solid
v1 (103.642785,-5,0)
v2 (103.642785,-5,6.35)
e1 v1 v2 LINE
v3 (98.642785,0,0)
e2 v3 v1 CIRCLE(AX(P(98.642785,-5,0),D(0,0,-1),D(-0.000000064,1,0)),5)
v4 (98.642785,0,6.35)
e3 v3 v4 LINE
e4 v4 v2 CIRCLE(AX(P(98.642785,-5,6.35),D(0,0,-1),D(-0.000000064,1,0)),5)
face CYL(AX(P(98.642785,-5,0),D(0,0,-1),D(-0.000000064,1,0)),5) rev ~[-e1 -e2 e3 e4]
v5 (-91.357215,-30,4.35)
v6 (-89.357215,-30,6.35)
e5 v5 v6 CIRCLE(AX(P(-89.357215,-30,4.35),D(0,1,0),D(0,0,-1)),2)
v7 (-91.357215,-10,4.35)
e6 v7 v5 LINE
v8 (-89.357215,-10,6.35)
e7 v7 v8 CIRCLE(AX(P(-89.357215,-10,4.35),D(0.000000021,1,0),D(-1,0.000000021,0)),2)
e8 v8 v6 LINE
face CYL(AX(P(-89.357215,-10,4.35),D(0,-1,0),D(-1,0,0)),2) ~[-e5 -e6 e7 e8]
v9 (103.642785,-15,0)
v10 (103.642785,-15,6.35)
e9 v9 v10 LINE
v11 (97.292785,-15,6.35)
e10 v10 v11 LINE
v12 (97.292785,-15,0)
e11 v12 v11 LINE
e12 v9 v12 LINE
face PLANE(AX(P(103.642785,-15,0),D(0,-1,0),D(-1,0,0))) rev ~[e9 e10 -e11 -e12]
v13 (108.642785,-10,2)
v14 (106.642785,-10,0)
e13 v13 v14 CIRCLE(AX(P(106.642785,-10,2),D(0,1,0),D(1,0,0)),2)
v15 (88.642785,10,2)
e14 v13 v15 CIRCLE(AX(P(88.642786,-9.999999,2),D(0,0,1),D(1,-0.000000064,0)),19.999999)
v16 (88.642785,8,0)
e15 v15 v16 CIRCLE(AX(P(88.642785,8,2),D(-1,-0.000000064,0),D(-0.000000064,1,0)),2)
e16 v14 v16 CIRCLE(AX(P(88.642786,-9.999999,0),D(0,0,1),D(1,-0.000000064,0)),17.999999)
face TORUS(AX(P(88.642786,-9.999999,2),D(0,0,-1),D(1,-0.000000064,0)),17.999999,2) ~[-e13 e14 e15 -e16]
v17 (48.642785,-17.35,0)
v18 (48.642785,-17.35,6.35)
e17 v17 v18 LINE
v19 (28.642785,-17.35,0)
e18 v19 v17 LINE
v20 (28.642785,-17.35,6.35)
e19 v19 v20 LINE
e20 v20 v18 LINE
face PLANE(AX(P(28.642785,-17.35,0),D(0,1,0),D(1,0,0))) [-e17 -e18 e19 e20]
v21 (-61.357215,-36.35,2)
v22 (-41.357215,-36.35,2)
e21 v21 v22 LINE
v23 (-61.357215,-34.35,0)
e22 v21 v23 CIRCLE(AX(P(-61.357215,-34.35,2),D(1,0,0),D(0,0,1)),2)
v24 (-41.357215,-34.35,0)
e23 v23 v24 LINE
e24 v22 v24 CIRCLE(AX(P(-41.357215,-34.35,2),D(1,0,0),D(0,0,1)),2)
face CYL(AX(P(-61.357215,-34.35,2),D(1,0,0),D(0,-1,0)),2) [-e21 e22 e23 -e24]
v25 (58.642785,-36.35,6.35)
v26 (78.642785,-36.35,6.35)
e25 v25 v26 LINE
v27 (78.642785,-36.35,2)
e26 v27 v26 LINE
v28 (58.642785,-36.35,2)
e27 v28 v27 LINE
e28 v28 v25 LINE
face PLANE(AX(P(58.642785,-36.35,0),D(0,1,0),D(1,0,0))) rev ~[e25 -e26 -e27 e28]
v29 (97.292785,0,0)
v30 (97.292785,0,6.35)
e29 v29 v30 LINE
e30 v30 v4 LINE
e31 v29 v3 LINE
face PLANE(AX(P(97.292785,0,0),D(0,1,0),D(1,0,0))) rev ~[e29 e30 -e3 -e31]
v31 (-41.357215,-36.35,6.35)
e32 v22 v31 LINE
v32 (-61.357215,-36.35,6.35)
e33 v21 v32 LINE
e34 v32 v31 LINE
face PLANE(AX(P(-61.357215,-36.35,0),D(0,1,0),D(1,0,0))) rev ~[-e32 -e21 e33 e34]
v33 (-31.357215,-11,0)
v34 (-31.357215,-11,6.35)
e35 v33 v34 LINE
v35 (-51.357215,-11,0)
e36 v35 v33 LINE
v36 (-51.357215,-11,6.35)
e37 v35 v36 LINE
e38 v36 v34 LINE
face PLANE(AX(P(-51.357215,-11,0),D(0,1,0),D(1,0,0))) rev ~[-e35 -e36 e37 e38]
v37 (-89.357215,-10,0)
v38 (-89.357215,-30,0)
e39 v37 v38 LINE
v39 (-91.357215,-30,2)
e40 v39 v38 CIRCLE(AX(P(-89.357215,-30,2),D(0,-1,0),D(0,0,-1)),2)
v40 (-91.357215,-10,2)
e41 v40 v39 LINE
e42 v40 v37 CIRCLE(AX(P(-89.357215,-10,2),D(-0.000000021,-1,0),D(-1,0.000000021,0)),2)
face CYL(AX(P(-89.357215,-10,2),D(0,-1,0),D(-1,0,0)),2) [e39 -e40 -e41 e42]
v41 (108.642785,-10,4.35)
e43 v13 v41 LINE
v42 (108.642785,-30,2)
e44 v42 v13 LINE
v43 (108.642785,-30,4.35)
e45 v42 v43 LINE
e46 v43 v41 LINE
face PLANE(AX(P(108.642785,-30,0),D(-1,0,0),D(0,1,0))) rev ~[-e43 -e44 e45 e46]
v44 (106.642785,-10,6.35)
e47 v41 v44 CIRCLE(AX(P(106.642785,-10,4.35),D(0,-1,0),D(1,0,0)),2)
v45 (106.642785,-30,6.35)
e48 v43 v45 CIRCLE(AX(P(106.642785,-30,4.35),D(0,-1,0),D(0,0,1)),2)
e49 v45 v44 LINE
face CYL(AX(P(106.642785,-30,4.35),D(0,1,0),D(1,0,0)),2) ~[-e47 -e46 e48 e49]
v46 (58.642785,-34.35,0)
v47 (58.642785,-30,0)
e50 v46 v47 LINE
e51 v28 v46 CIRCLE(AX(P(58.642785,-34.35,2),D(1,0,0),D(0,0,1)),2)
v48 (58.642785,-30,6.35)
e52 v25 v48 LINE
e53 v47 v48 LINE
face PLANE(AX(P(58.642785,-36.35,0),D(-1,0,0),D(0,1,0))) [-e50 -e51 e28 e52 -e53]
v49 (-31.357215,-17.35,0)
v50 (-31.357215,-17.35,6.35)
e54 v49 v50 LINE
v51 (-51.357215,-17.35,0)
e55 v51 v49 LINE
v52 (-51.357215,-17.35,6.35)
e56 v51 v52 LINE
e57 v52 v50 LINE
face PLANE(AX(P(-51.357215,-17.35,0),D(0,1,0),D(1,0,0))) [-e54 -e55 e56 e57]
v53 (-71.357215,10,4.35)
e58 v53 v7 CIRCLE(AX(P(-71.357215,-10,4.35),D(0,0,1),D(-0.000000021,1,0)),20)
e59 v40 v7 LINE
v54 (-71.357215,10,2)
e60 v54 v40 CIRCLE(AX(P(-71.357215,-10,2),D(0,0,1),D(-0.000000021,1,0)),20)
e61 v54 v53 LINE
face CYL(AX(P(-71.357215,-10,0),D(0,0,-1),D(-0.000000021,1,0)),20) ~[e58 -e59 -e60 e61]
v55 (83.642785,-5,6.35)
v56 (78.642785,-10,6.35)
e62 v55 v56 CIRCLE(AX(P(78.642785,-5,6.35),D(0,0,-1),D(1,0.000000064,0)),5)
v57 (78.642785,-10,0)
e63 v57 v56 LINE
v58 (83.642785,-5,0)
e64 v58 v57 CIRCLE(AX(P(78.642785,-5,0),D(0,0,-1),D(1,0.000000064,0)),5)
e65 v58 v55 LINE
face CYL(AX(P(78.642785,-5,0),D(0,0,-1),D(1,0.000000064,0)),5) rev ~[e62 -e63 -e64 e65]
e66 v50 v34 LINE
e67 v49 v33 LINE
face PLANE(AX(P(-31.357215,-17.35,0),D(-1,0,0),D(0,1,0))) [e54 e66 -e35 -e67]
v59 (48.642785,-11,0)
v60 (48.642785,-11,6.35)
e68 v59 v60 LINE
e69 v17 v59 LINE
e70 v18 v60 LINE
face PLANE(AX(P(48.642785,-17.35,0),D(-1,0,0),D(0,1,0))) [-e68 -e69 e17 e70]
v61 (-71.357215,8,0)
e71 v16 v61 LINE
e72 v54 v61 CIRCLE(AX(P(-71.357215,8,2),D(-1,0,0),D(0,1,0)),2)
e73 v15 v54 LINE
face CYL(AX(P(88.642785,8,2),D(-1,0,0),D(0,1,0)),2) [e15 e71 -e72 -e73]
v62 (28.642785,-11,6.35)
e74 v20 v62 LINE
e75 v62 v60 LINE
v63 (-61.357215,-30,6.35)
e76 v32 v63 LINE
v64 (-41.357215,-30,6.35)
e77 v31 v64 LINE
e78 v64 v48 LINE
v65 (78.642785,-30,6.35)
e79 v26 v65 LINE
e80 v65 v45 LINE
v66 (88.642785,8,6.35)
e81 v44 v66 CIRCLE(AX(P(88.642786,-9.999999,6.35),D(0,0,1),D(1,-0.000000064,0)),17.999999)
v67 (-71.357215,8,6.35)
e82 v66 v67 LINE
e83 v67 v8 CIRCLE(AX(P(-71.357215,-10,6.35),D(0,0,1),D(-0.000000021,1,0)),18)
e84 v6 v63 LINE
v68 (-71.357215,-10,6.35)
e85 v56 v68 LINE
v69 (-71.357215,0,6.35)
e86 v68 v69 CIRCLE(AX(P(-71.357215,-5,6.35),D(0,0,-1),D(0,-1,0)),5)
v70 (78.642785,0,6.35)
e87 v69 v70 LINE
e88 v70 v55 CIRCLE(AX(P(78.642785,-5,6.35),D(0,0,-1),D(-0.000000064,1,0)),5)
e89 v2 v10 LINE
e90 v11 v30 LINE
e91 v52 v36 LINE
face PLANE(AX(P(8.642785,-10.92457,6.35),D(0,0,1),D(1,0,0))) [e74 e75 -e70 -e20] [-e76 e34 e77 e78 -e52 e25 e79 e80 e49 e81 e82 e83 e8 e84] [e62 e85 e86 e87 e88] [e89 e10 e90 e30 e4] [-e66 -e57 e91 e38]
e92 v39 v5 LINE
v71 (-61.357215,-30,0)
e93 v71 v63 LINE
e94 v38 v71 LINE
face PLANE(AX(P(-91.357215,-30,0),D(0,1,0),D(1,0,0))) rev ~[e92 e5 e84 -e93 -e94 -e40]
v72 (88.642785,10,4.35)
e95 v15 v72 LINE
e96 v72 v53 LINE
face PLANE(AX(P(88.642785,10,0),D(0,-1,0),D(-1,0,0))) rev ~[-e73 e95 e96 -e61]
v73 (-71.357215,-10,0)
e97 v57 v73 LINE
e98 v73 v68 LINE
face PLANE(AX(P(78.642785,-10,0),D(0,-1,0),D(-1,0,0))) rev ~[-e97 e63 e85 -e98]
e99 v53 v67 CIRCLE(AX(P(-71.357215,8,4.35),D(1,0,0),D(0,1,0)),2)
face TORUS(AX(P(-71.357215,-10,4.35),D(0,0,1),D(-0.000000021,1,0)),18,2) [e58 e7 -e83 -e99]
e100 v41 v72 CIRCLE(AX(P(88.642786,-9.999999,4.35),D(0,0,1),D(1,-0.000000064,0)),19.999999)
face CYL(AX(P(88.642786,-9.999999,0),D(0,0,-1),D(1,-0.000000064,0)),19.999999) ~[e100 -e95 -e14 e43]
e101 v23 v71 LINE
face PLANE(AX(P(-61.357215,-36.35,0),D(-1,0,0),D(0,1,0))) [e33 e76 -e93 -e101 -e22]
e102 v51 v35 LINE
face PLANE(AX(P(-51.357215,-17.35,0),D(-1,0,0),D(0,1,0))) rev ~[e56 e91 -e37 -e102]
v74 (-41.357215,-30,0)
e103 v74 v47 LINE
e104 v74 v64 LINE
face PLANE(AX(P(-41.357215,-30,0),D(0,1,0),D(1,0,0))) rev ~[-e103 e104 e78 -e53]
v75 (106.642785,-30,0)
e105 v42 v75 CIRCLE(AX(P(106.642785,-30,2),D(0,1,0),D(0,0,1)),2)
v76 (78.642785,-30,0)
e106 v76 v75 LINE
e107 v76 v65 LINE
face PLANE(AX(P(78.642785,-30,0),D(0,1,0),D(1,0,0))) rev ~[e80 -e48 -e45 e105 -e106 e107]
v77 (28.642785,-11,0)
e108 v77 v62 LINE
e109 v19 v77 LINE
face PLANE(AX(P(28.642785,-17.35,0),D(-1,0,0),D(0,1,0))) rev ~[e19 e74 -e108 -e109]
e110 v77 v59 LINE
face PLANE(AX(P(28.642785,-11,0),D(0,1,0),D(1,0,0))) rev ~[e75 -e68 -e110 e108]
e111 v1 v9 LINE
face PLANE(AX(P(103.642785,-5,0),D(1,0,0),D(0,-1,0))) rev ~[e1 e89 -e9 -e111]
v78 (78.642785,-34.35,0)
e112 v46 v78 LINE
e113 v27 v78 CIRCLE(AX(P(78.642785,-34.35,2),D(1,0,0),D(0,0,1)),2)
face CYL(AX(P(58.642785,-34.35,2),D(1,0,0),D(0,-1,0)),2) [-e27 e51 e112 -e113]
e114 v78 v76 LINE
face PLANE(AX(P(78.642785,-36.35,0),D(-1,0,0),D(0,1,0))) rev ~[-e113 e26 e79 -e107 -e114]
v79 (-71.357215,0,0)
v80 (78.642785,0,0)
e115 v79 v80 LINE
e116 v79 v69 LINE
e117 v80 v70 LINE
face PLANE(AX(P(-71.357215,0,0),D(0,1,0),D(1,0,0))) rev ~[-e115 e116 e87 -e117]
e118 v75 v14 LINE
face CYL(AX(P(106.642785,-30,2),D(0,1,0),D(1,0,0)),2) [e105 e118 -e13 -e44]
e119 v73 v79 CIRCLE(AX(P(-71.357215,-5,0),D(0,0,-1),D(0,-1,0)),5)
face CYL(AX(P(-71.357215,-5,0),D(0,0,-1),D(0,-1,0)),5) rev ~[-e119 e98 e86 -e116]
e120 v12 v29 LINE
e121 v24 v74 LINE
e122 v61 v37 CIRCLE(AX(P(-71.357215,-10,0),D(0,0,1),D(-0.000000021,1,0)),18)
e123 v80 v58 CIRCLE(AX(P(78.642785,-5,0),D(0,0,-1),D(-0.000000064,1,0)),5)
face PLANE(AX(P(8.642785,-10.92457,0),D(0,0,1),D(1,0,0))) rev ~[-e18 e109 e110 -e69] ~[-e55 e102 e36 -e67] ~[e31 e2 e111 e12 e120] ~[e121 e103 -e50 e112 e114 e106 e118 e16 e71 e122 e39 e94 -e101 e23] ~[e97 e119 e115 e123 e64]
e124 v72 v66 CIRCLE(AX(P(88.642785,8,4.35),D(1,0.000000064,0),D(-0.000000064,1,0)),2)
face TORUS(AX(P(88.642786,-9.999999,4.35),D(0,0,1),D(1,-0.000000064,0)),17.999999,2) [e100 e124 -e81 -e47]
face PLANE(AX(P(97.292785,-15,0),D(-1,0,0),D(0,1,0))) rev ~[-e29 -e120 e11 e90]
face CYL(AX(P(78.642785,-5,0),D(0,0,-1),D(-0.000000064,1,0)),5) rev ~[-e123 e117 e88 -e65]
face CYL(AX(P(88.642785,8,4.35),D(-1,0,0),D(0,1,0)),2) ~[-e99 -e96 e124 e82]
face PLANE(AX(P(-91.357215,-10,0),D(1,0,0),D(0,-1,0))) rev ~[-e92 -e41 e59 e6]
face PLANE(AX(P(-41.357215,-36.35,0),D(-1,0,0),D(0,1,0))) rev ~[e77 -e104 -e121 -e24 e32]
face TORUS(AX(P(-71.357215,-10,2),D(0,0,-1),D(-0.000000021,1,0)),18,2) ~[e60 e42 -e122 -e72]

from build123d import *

# Parameters (mm, degrees)
F0_W     = 20
F0_H     = 6.35
F1_DEPTH = 6.35
F2_R     = 2


with BuildPart() as f1:
    # F0 (on Top) → F1 (new body)
    with BuildSketch(Plane.XY):
        with BuildLine():
            Line((88.642785, 10), (-71.357215, 10))
            ThreePointArc((-71.357215, 10), (-85.49935, 4.142136), (-91.357215, -10))
            Line((-91.357215, -10), (-91.357215, -30))
            Line((-91.357215, -30), (-61.357215, -30))
            Line((-61.357215, -30), (-41.357215, -30))
            Line((-41.357215, -30), (58.642785, -30))
            Line((58.642785, -30), (78.642785, -30))
            Line((78.642785, -30), (108.642785, -30))
            Line((108.642785, -30), (108.642785, -10))
            ThreePointArc((108.642785, -10), (102.784921, 4.142136), (88.642785, 10))
        make_face()
        with Locations((-41.357215, -14.175)):
            Rectangle(F0_W, F0_H, mode=Mode.SUBTRACT)
        with Locations((38.642785, -14.175)):
            Rectangle(F0_W, F0_H, mode=Mode.SUBTRACT)
        with BuildLine():
            ThreePointArc((-71.357215, -10), (-76.357215, -5), (-71.357215, 0))
            Line((-71.357215, 0), (78.642785, 0))
            ThreePointArc((78.642785, 0), (82.178319, -1.464466), (83.642785, -5))
            ThreePointArc((83.642785, -5), (82.178319, -8.535534), (78.642785, -10))
            Line((78.642785, -10), (-71.357215, -10))
        make_face(mode=Mode.SUBTRACT)
        with BuildLine():
            Line((97.292785, -15), (97.292785, 0))
            Line((97.292785, 0), (98.642785, 0))
            ThreePointArc((98.642785, 0), (102.178319, -1.464466), (103.642785, -5))
            Line((103.642785, -5), (103.642785, -15))
            Line((103.642785, -15), (97.292785, -15))
        make_face(mode=Mode.SUBTRACT)
        with Locations((-51.357215, -33.175)):
            Rectangle(F0_W, F0_H)
        with Locations((68.642785, -33.175)):
            Rectangle(F0_W, F0_H)
    extrude(amount=F1_DEPTH)

    # F2
    f2_edges = [f1.edges().sort_by_distance(p)[0] for p in [
        (-85.49935, 4.142136, 6.35),
        (8.642785, 10, 0),
        (-51.357215, -36.35, 0),
        (68.642785, -36.35, 0),
    ]]
    fillet(f2_edges, radius=F2_R)


solid = f1.part
